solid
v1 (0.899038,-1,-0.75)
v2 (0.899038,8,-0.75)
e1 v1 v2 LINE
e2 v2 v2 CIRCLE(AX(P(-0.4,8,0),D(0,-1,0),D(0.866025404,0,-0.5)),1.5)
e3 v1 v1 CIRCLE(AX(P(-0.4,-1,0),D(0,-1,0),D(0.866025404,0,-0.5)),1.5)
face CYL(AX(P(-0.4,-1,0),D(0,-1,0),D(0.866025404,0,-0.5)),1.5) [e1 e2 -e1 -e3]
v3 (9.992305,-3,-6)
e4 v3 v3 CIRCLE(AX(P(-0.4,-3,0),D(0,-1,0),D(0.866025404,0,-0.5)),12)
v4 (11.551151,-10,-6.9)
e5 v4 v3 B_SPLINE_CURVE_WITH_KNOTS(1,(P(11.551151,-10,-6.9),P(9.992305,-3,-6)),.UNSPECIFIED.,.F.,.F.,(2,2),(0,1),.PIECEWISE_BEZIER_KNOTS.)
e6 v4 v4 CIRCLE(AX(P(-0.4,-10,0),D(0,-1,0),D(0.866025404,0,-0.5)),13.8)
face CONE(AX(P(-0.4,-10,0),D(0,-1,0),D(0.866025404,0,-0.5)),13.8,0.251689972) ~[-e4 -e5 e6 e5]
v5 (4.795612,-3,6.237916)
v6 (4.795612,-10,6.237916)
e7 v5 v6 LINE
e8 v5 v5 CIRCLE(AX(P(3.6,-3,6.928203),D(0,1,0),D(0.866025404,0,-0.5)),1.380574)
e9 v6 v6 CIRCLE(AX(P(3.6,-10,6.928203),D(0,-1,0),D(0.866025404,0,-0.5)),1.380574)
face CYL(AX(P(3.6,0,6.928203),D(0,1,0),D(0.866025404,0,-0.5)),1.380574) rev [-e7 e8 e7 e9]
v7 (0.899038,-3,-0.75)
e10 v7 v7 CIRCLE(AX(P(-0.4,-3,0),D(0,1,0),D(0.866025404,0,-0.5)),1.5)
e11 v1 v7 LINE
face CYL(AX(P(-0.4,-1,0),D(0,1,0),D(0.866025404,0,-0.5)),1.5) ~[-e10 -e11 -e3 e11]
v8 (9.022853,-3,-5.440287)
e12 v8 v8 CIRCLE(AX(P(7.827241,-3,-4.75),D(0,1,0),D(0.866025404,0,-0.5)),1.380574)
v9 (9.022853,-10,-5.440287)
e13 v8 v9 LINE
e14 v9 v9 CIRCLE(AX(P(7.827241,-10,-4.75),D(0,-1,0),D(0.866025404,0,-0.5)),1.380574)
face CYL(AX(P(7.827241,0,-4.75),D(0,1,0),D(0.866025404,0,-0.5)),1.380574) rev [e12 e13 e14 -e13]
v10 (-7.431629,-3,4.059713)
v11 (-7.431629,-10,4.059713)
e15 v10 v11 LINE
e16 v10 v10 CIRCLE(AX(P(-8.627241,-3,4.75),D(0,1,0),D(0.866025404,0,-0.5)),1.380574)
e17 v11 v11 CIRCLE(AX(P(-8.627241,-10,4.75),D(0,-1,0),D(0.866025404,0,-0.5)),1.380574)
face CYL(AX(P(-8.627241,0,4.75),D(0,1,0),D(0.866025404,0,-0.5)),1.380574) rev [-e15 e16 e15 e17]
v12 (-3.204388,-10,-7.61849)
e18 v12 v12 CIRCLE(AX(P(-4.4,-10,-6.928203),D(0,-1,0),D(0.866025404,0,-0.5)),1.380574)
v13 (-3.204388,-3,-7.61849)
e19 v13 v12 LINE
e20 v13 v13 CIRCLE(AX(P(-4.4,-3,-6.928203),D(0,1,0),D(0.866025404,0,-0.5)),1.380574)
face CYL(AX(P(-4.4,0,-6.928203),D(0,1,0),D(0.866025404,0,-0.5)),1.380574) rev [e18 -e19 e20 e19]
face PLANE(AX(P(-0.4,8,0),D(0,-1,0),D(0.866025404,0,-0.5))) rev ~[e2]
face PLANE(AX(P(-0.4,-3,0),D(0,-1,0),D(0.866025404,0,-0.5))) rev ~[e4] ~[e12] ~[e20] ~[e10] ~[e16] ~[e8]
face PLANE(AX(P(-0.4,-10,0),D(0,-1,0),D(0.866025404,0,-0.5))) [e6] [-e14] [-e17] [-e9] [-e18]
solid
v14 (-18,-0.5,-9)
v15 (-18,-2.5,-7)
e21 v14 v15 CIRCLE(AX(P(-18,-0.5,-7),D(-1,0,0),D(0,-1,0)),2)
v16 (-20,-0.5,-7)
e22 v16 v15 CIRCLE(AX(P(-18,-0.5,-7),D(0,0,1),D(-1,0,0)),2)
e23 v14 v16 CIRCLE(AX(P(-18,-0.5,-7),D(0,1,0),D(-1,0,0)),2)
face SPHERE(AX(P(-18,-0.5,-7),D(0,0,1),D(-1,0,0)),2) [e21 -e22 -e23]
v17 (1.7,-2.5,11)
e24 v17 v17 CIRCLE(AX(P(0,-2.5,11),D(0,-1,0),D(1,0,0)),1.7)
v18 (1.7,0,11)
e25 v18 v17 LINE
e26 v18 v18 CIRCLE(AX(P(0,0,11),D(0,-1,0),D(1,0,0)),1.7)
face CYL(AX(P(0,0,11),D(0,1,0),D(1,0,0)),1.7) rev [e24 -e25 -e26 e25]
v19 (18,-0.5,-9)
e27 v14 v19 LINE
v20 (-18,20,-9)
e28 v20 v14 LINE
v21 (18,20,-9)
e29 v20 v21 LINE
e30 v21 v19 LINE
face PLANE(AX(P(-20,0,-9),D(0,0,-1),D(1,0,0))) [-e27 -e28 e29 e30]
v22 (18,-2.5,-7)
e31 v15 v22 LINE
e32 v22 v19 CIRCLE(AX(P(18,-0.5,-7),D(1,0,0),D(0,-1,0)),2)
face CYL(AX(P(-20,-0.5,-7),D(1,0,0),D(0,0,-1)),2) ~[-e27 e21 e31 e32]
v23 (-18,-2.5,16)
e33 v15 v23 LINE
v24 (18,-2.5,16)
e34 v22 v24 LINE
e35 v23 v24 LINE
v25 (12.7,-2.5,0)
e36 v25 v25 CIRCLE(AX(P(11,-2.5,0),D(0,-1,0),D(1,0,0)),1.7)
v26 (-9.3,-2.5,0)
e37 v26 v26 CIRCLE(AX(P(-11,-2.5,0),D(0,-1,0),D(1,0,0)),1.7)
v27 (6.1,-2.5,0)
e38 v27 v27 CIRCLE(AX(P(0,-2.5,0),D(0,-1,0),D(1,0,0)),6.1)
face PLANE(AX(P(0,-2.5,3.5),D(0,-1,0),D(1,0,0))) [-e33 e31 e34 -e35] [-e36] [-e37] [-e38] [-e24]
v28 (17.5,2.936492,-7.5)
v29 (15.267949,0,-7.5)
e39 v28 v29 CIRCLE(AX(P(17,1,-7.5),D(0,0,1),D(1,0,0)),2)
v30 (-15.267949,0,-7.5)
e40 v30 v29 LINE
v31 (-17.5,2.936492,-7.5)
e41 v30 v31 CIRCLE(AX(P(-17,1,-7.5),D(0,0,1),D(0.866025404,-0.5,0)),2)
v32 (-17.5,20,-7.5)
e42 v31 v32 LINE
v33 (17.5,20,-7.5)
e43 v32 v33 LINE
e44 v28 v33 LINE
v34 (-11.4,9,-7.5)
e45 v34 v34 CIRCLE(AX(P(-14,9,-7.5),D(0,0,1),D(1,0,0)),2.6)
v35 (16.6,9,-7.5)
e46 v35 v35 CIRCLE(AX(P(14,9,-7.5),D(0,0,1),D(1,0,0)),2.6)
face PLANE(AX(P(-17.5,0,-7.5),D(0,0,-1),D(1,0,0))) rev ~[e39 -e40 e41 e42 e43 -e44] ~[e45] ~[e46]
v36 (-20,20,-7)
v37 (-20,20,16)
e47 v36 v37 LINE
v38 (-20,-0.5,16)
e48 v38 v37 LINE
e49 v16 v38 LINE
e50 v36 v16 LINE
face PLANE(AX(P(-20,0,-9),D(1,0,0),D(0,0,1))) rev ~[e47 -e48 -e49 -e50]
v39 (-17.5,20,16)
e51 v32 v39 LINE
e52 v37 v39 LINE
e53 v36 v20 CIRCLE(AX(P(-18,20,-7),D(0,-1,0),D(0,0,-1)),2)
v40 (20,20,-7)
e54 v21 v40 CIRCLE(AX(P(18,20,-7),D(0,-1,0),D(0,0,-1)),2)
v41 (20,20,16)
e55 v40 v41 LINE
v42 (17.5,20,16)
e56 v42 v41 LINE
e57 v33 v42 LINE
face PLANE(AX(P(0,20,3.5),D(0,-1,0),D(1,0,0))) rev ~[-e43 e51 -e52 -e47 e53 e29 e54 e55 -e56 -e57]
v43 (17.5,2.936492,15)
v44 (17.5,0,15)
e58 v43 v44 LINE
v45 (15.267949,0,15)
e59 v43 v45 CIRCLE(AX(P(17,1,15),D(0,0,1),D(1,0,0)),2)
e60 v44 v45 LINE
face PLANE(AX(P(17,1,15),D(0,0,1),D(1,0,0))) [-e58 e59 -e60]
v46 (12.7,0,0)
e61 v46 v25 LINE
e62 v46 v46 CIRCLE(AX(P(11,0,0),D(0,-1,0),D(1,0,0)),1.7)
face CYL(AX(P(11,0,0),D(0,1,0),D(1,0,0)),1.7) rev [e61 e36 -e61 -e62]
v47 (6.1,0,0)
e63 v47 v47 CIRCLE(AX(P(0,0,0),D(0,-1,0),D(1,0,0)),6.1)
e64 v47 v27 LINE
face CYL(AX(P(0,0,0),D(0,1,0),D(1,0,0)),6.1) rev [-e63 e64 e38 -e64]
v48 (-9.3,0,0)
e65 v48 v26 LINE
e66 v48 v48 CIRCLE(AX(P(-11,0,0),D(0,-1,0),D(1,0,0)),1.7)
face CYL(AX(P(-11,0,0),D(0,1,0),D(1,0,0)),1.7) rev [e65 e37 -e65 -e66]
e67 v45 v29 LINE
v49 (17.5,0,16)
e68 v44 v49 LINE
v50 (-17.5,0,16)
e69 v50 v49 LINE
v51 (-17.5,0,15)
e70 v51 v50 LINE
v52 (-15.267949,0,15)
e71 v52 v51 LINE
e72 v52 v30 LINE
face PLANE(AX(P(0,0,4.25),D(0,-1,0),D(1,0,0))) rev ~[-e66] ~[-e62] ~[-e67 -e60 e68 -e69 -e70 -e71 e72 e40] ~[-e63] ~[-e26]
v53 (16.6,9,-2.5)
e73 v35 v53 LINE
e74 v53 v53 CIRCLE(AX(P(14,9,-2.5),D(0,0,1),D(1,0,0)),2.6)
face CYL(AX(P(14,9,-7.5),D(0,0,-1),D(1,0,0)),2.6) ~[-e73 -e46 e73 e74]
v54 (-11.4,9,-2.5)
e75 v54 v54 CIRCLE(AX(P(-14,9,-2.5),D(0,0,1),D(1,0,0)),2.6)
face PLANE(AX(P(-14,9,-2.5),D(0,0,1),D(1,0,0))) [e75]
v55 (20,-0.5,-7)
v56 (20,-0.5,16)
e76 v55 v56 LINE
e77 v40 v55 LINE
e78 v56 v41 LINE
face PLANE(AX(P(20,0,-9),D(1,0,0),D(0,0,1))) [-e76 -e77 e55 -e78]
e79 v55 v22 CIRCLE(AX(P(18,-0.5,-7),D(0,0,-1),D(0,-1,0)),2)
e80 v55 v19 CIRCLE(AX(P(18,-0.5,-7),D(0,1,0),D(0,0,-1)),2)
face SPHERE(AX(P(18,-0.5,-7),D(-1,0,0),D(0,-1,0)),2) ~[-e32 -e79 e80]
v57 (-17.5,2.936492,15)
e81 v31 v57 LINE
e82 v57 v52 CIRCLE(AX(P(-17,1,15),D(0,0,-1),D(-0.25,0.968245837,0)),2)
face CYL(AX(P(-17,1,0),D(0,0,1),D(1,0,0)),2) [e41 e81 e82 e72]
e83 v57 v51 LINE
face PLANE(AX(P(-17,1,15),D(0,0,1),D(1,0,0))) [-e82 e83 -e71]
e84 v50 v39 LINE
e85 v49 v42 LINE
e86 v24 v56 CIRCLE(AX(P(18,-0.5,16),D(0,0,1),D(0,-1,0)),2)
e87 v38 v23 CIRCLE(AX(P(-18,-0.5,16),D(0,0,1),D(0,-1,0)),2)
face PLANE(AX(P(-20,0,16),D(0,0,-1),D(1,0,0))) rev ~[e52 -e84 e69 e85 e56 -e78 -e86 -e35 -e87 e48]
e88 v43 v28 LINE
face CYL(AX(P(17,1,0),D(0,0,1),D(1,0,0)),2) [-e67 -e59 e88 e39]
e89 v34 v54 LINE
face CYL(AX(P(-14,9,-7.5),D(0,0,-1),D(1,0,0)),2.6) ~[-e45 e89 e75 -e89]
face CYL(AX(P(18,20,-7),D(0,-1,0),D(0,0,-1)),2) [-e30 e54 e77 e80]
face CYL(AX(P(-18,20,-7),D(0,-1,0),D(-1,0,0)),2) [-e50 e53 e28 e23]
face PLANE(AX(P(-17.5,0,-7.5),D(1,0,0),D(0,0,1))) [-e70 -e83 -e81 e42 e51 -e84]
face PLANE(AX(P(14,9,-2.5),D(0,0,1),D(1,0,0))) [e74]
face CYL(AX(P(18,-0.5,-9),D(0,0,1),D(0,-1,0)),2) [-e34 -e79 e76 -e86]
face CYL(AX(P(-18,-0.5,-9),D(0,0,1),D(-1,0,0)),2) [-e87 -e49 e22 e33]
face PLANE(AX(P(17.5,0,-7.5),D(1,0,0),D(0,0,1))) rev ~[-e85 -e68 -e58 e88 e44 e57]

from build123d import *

# Parameters (mm, degrees)
SKETCH_W                = 40
SKETCH_H                = 25
SKETCH_R                = 6.1
SKETCH_R_2              = 1.7
PAD_DEPTH               = 2.5
PAD_DEPTH_BACK          = 20
SKETCH001_W             = 35
SKETCH001_H             = 23.5
POCKET_DEPTH            = 20.001
FILLET_R                = 2
SKETCH002_R             = 2
PAD001_DEPTH            = 15
PAD001_DEPTH_BACK       = 8
SKETCH003_R             = 2.6
PAD002_DEPTH            = 5
SKETCH005_R             = 13.8
SKETCH004_R             = 12
SKETCH006_R             = 1.5
PAD003_DEPTH            = 4
PAD003_DEPTH_BACK       = 9
SKETCH007_R             = 1.380574
POCKET001_DEPTH         = 10
BODY001_PLACEMENT_ANGLE = 30


with BuildPart() as gearbox_motormount:
    # Sketch → Pad (new body, two sides)
    with BuildSketch(Plane.XZ) as pad_sk:
        with Locations((0, 3.5)):
            Rectangle(SKETCH_W, SKETCH_H)
        Circle(SKETCH_R, mode=Mode.SUBTRACT)
        with Locations((11, 0)):
            Circle(SKETCH_R_2, mode=Mode.SUBTRACT)
        with Locations((-11, 0)):
            Circle(SKETCH_R_2, mode=Mode.SUBTRACT)
        with Locations((0, 11)):
            Circle(SKETCH_R_2, mode=Mode.SUBTRACT)
    extrude(amount=PAD_DEPTH)
    extrude(pad_sk.sketch, amount=-PAD_DEPTH_BACK)

    # Sketch001 → Pocket (cut, through all)
    with BuildSketch(Plane.XZ):
        with Locations((0, 4.25)):
            Rectangle(SKETCH001_W, SKETCH001_H)
    extrude(amount=-POCKET_DEPTH, mode=Mode.SUBTRACT)

    # Fillet
    fillet_edges = [gearbox_motormount.edges().sort_by_distance(p)[0] for p in [
        (-20, -2.5, 3.5),
        (-20, 8.75, -9),
        (0, -2.5, -9),
        (20, -2.5, 3.5),
        (20, 8.75, -9),
    ]]
    fillet(fillet_edges, radius=FILLET_R)

    # Sketch002 → Pad001 (join, two sides)
    with BuildSketch(Plane.XY) as pad001_sk:
        with Locations((-17, 1)):
            Circle(SKETCH002_R)
        with Locations((17, 1)):
            Circle(SKETCH002_R)
    extrude(amount=PAD001_DEPTH)
    extrude(pad001_sk.sketch, amount=-PAD001_DEPTH_BACK)

    # Sketch003 → Pad002 (join)
    with BuildSketch(Plane.XY.offset(-7.5)):
        with Locations((-14, 9)):
            Circle(SKETCH003_R)
        with Locations((14, 9)):
            Circle(SKETCH003_R)
    extrude(amount=PAD002_DEPTH)


with BuildPart() as motor_base:
    # Sketch005 → AdditiveLoft section 0
    with BuildSketch(Plane.XZ.offset(10)):
        Circle(SKETCH005_R)
    # Sketch004 → AdditiveLoft section 1
    with BuildSketch(Plane.XZ.offset(3)):
        Circle(SKETCH004_R)
    loft()

    # Sketch006 → Pad003 (new body, two sides)
    with BuildSketch(Plane.XZ.offset(1)) as pad003_sk:
        Circle(SKETCH006_R)
    extrude(amount=PAD003_DEPTH)
    extrude(pad003_sk.sketch, amount=-PAD003_DEPTH_BACK)

    # Sketch007 → Pocket001 (cut)
    with BuildSketch(Plane.XZ):
        with Locations((-9.5, 0)):
            Circle(SKETCH007_R)
        with Locations((9.5, 0)):
            Circle(SKETCH007_R)
        with Locations((0, 8)):
            Circle(SKETCH007_R)
        with Locations((0, -8)):
            Circle(SKETCH007_R)
    extrude(amount=POCKET001_DEPTH, mode=Mode.SUBTRACT)


with BuildPart() as motor_base_1:
    # Body001 placement: moved
    add(motor_base.part.moved(Location((-0.4, 0, 0))).rotate(Axis((-0.4, 0, 0), (0, 1, 0)), BODY001_PLACEMENT_ANGLE))


solid = Compound([gearbox_motormount.part, motor_base_1.part])
